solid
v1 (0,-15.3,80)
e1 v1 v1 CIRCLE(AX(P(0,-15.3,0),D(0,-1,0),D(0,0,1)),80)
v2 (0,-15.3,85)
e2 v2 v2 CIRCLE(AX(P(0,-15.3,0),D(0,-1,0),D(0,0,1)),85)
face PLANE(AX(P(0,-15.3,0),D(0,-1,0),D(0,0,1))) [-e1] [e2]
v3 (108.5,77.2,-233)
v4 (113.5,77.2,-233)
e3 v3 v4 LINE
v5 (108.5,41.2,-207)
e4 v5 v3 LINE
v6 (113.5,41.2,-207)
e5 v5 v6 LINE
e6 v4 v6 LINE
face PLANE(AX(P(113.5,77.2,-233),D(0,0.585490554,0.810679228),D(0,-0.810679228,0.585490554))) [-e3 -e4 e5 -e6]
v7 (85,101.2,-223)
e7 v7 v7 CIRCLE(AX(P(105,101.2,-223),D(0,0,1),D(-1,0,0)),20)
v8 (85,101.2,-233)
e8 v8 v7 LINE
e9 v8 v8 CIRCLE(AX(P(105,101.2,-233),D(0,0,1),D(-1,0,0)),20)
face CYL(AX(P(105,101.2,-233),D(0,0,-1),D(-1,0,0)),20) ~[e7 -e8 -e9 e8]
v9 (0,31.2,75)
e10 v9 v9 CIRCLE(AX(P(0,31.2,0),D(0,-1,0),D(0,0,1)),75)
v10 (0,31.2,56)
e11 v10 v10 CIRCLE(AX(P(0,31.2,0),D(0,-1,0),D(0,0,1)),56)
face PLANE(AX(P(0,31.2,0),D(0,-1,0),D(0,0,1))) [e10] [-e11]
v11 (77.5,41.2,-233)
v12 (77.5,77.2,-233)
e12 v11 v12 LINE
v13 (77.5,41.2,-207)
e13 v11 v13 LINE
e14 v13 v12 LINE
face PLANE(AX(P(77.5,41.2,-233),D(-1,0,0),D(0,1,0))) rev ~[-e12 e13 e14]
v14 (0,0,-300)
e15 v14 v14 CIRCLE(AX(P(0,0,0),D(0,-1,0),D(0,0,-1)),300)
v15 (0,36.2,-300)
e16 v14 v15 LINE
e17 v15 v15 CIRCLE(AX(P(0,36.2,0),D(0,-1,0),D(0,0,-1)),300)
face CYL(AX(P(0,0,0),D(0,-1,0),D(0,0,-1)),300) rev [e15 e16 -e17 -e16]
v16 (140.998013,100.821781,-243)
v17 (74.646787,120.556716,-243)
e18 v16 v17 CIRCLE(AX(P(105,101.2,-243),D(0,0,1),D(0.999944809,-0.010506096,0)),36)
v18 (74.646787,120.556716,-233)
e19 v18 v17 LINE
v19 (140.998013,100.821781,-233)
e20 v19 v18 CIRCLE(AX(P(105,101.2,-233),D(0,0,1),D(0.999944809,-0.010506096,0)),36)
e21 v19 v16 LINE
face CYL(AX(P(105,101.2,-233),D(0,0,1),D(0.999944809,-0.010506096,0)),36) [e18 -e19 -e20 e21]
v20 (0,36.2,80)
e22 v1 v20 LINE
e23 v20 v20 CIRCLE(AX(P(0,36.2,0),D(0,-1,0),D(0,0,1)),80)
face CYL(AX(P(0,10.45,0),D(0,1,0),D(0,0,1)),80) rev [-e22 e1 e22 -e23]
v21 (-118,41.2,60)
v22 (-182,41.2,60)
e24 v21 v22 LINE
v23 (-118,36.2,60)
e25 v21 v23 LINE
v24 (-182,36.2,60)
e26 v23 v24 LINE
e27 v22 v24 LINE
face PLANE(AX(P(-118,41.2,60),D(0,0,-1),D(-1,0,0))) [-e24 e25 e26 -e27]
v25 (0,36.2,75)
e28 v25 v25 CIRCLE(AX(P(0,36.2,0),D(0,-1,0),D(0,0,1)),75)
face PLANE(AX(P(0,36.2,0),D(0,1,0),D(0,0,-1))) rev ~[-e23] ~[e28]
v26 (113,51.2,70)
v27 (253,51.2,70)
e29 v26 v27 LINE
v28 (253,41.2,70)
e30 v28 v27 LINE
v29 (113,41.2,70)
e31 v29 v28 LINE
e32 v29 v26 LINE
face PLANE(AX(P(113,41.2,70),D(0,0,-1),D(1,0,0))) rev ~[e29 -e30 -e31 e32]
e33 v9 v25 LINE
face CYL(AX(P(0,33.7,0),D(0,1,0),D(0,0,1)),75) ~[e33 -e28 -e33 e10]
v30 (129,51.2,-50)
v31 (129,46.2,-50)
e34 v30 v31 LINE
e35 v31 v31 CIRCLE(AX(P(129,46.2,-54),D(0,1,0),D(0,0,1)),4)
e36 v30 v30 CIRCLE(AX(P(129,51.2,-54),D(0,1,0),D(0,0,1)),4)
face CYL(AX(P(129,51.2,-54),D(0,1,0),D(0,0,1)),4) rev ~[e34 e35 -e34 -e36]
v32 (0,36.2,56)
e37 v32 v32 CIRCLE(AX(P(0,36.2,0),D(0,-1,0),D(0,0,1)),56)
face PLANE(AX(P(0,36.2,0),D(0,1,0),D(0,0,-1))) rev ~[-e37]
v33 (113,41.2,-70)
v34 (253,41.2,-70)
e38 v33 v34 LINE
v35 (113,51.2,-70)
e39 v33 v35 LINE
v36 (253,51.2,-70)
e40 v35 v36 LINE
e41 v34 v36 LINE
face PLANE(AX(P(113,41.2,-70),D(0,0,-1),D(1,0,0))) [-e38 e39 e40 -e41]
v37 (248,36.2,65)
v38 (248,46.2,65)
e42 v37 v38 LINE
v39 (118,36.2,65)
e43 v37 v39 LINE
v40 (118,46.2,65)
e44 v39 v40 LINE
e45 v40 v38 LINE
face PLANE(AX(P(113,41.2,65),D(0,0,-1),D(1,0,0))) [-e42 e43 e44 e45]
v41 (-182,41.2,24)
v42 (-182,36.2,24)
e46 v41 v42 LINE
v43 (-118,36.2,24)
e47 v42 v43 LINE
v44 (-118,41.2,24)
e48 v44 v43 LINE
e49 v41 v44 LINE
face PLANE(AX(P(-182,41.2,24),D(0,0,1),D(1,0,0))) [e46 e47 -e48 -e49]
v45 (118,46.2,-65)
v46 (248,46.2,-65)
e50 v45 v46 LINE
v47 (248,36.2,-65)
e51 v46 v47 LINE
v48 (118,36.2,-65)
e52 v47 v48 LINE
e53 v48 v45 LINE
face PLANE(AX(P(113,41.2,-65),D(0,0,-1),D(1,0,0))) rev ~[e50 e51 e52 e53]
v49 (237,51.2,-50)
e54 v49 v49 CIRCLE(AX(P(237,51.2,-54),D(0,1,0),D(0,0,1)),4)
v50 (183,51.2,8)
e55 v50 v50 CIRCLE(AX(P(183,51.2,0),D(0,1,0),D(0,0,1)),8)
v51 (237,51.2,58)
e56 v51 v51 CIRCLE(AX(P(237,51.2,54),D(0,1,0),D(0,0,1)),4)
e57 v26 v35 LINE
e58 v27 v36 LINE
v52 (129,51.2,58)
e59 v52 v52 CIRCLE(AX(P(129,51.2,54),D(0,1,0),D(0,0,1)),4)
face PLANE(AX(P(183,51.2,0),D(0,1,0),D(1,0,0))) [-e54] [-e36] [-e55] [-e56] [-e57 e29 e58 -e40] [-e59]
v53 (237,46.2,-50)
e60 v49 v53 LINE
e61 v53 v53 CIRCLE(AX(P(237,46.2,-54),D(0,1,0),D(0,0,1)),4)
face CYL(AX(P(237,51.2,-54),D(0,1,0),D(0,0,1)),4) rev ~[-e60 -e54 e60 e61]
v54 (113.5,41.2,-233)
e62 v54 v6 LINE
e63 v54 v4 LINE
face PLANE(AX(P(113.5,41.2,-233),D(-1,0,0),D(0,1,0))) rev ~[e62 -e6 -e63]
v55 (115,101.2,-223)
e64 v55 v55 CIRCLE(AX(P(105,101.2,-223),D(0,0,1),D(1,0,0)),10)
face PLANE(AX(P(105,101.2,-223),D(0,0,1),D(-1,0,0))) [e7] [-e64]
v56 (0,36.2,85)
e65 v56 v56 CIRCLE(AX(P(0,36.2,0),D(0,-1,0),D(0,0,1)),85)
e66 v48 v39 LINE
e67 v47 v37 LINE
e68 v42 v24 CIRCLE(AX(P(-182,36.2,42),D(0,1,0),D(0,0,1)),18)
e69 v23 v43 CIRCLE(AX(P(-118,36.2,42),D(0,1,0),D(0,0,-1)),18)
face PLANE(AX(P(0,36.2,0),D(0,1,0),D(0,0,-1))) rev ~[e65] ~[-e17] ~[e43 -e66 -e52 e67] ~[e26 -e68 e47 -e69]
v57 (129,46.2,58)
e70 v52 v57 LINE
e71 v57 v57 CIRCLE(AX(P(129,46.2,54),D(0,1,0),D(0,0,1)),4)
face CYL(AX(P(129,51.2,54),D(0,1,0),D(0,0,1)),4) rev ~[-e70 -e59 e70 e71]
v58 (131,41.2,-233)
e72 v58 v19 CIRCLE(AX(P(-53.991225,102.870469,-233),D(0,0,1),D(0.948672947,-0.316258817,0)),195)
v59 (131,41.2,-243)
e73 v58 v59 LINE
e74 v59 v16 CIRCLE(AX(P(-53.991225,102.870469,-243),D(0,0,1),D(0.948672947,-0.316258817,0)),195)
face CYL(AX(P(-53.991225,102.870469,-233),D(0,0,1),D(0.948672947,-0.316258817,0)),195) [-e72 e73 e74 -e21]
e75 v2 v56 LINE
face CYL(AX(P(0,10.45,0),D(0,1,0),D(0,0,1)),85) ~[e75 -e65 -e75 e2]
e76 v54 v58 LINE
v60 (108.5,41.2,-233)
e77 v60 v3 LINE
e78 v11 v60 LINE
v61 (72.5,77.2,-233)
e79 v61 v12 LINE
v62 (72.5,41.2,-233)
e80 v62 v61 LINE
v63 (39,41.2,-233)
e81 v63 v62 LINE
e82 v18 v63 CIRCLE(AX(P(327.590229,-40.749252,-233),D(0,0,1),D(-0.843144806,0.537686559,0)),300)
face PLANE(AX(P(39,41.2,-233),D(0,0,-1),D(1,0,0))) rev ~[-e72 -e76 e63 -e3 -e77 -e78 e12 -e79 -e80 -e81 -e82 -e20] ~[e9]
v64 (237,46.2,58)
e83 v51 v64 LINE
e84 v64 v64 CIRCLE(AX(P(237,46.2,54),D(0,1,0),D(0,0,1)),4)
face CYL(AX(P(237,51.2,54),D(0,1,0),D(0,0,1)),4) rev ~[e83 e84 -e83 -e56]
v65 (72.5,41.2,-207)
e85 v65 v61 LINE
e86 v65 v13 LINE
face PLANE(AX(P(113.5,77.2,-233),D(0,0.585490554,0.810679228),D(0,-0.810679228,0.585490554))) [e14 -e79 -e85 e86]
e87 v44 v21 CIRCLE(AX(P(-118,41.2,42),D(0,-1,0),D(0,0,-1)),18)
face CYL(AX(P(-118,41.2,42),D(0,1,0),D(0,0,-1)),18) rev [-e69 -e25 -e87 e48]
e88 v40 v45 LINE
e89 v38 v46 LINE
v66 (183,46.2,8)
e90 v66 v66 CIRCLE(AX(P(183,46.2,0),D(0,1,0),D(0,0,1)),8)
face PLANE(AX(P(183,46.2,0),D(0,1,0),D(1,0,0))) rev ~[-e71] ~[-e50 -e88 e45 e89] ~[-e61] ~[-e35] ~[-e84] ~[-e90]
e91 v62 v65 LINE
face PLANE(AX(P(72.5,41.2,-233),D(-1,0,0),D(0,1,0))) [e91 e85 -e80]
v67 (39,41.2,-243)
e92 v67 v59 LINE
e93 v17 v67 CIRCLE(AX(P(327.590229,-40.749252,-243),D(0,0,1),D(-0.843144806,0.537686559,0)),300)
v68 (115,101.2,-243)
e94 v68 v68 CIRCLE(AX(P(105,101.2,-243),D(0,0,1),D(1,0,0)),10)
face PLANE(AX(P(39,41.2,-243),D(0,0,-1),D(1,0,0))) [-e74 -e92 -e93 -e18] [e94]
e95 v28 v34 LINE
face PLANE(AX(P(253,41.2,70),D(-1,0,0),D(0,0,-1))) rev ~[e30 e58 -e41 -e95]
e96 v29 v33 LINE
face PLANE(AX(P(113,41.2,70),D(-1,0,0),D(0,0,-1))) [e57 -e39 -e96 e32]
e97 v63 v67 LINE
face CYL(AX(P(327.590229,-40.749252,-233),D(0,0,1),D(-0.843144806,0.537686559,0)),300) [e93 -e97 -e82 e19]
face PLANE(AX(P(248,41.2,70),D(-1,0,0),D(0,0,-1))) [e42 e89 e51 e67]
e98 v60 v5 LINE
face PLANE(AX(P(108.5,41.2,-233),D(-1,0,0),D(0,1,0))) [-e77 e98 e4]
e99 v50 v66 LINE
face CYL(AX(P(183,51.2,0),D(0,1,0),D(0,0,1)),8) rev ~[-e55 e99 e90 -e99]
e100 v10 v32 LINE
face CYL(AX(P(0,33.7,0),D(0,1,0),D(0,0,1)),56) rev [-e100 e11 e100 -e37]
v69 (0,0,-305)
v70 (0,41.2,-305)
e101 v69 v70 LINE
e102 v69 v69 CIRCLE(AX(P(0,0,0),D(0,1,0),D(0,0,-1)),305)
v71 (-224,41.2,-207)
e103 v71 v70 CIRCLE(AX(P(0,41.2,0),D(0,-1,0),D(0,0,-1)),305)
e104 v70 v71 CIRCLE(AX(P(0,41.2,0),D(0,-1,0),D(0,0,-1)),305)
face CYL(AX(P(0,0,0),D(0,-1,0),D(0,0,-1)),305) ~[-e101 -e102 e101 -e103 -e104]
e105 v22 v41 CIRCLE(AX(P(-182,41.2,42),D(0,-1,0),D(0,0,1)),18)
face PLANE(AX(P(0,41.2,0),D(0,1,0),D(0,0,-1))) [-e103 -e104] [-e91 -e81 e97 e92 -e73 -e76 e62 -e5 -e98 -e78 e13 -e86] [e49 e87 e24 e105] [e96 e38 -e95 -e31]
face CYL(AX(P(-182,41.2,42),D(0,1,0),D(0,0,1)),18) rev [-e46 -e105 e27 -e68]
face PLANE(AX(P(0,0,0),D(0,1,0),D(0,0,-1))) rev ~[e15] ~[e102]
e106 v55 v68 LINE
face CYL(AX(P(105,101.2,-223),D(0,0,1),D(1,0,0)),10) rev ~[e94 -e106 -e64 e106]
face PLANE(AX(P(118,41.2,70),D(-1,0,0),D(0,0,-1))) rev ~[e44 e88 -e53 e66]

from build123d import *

# Parameters (mm, degrees)
SKETCH_1_R           = 305
EXTRUDE_1_DEPTH      = 41.2
SKETCH_4_W           = 140
SKETCH_4_H           = 140
EXTRUDE_2_DEPTH      = 10
SHELL_1_T            = -5
CUT_EXTRUDE_3_DEPTH  = 434.298326791
SKETCH_5_R           = 8
SKETCH_5_R_2         = 4
CUT_EXTRUDE_6_DEPTH  = 435.363258115
SKETCH_11_W          = 130
SKETCH_11_H          = 10
EXTRUDE_3_DEPTH      = 200
CUT_EXTRUDE_8_DEPTH  = 664.812051713
SKETCH_14_R          = 20
EXTRUDE_4_DEPTH      = 10
SKETCH_16_R          = 10
CUT_EXTRUDE_10_DEPTH = 626.006271969
SKETCH_19_W          = 5
SKETCH_19_H          = 36
EXTRUDE_5_DEPTH      = 26
CUT_EXTRUDE_11_DEPTH = 536.715493522
SKETCH_21_W          = 19
SKETCH_21_H          = 5
SKETCH_21_W_2        = 5
SKETCH_21_H_2        = 51.5


with BuildPart() as part:
    # 草图1 → 凸台-拉伸1 (new body)
    with BuildSketch(Plane(origin=(0, 0, 0), x_dir=(1, 0, 0), z_dir=(0, 1, 0))):
        with Locations(Location((0, 0, 0), (0, 0, 90))):
            Circle(SKETCH_1_R)
    extrude(amount=EXTRUDE_1_DEPTH)

    # 草图4 → 凸台-拉伸2 (add)
    with BuildSketch(Plane(origin=(0, 41.2, 0), x_dir=(1, 0, 0), z_dir=(0, 1, 0))):
        with Locations((183, 0)):
            Rectangle(SKETCH_4_W, SKETCH_4_H)
    extrude(amount=EXTRUDE_2_DEPTH)

    # 抽壳1
    shell_1_openings = [part.faces().sort_by_distance(p)[0] for p in [
        (0, 0, 0),
    ]]
    offset(amount=SHELL_1_T, openings=shell_1_openings, kind=Kind.INTERSECTION)

    # 草图2 → 切除-拉伸3 (cut, through all)
    with BuildSketch(Plane(origin=(0, 41.2, 0), x_dir=(1, 0, 0), z_dir=(0, 1, 0))):
        with BuildLine():
            Line((-182, -24), (-118, -24))
            ThreePointArc((-118, -24), (-100, -42), (-118, -60))
            Line((-118, -60), (-182, -60))
            ThreePointArc((-182, -60), (-200, -42), (-182, -24))
        make_face()
    extrude(amount=-CUT_EXTRUDE_3_DEPTH, mode=Mode.SUBTRACT)

    # 草图5 → 切除-拉伸6 (cut, through all)
    with BuildSketch(Plane(origin=(0, 51.2, 0), x_dir=(1, 0, 0), z_dir=(0, 1, 0))):
        with Locations(Location((183, 0, 0), (0, 0, 270))):
            Circle(SKETCH_5_R)
        with Locations(Location((129, 54, 0), (0, 0, 270))):
            Circle(SKETCH_5_R_2)
        with Locations(Location((237, 54, 0), (0, 0, 270))):
            Circle(SKETCH_5_R_2)
        with Locations(Location((237, -54, 0), (0, 0, 270))):
            Circle(SKETCH_5_R_2)
        with Locations(Location((129, -54, 0), (0, 0, 270))):
            Circle(SKETCH_5_R_2)
    extrude(amount=-CUT_EXTRUDE_6_DEPTH, mode=Mode.SUBTRACT)

    # 草图11 → 凸台-拉伸3 (add)
    with BuildSketch(Plane(origin=(0, 41.2, 0), x_dir=(1, 0, 0), z_dir=(0, 1, 0))):
        with Locations((104, 238)):
            Rectangle(SKETCH_11_W, SKETCH_11_H)
    extrude(amount=EXTRUDE_3_DEPTH)

    # 草图13 → 切除-拉伸8 (cut, through all)
    with BuildSketch(Plane.XY.offset(-233)):
        with BuildLine():
            Line((39, 41.2), (39, 241.2))
            Line((39, 241.2), (169, 241.2))
            Line((169, 241.2), (169, 41.2))
            Line((169, 41.2), (131, 41.2))
            ThreePointArc((131, 41.2), (138.32356193, 70.621084147), (140.99801314, 100.821780537))
            ThreePointArc((140.99801314, 100.821780537), (115.26317996, 135.706044936), (74.646786984, 120.556716136))
            ThreePointArc((74.646786984, 120.556716136), (53.931588882, 82.177347592), (39, 41.2))
        make_face()
    extrude(amount=-CUT_EXTRUDE_8_DEPTH, mode=Mode.SUBTRACT)

    # 草图14 → 凸台-拉伸4 (add)
    with BuildSketch(Plane.XY.offset(-233)):
        with Locations(Location((105, 101.2, 0), (0, 0, 180))):
            Circle(SKETCH_14_R)
    extrude(amount=EXTRUDE_4_DEPTH)

    # 草图16 → 切除-拉伸10 (cut, through all)
    with BuildSketch(Plane.XY.offset(-223)):
        with Locations((105, 101.2)):
            Circle(SKETCH_16_R)
    extrude(amount=-CUT_EXTRUDE_10_DEPTH, mode=Mode.SUBTRACT)

    # 草图19 → 凸台-拉伸5 (add)
    with BuildSketch(Plane.XY.offset(-233)):
        with Locations((75, 59.2)):
            Rectangle(SKETCH_19_W, SKETCH_19_H)
        with Locations((111, 59.2)):
            Rectangle(SKETCH_19_W, SKETCH_19_H)
    extrude(amount=EXTRUDE_5_DEPTH)

    # 草图20 → 切除-拉伸11 (cut, through all)
    with BuildSketch(Plane(origin=(113.5, 0, 0), x_dir=(0, 0, -1), z_dir=(1, 0, 0))):
        Polygon((233, 77.2), (207, 41.2), (207, 77.2), align=None)
    extrude(amount=-CUT_EXTRUDE_11_DEPTH, mode=Mode.SUBTRACT)

    # 草图21 → 旋转2 (revolve)
    with BuildSketch(Plane.XY, mode=Mode.PRIVATE) as revolve_2_sk:
        with Locations((-65.5, 33.7)):
            Rectangle(SKETCH_21_W, SKETCH_21_H)
        with Locations((-82.5, 10.45)):
            Rectangle(SKETCH_21_W_2, SKETCH_21_H_2)
    revolve(revolve_2_sk.sketch.rotate(Axis((0, 0, 0), (0, -1, 0)), 270), axis=Axis((0, 0, 0), (0, -1, 0)))


solid = part.part
